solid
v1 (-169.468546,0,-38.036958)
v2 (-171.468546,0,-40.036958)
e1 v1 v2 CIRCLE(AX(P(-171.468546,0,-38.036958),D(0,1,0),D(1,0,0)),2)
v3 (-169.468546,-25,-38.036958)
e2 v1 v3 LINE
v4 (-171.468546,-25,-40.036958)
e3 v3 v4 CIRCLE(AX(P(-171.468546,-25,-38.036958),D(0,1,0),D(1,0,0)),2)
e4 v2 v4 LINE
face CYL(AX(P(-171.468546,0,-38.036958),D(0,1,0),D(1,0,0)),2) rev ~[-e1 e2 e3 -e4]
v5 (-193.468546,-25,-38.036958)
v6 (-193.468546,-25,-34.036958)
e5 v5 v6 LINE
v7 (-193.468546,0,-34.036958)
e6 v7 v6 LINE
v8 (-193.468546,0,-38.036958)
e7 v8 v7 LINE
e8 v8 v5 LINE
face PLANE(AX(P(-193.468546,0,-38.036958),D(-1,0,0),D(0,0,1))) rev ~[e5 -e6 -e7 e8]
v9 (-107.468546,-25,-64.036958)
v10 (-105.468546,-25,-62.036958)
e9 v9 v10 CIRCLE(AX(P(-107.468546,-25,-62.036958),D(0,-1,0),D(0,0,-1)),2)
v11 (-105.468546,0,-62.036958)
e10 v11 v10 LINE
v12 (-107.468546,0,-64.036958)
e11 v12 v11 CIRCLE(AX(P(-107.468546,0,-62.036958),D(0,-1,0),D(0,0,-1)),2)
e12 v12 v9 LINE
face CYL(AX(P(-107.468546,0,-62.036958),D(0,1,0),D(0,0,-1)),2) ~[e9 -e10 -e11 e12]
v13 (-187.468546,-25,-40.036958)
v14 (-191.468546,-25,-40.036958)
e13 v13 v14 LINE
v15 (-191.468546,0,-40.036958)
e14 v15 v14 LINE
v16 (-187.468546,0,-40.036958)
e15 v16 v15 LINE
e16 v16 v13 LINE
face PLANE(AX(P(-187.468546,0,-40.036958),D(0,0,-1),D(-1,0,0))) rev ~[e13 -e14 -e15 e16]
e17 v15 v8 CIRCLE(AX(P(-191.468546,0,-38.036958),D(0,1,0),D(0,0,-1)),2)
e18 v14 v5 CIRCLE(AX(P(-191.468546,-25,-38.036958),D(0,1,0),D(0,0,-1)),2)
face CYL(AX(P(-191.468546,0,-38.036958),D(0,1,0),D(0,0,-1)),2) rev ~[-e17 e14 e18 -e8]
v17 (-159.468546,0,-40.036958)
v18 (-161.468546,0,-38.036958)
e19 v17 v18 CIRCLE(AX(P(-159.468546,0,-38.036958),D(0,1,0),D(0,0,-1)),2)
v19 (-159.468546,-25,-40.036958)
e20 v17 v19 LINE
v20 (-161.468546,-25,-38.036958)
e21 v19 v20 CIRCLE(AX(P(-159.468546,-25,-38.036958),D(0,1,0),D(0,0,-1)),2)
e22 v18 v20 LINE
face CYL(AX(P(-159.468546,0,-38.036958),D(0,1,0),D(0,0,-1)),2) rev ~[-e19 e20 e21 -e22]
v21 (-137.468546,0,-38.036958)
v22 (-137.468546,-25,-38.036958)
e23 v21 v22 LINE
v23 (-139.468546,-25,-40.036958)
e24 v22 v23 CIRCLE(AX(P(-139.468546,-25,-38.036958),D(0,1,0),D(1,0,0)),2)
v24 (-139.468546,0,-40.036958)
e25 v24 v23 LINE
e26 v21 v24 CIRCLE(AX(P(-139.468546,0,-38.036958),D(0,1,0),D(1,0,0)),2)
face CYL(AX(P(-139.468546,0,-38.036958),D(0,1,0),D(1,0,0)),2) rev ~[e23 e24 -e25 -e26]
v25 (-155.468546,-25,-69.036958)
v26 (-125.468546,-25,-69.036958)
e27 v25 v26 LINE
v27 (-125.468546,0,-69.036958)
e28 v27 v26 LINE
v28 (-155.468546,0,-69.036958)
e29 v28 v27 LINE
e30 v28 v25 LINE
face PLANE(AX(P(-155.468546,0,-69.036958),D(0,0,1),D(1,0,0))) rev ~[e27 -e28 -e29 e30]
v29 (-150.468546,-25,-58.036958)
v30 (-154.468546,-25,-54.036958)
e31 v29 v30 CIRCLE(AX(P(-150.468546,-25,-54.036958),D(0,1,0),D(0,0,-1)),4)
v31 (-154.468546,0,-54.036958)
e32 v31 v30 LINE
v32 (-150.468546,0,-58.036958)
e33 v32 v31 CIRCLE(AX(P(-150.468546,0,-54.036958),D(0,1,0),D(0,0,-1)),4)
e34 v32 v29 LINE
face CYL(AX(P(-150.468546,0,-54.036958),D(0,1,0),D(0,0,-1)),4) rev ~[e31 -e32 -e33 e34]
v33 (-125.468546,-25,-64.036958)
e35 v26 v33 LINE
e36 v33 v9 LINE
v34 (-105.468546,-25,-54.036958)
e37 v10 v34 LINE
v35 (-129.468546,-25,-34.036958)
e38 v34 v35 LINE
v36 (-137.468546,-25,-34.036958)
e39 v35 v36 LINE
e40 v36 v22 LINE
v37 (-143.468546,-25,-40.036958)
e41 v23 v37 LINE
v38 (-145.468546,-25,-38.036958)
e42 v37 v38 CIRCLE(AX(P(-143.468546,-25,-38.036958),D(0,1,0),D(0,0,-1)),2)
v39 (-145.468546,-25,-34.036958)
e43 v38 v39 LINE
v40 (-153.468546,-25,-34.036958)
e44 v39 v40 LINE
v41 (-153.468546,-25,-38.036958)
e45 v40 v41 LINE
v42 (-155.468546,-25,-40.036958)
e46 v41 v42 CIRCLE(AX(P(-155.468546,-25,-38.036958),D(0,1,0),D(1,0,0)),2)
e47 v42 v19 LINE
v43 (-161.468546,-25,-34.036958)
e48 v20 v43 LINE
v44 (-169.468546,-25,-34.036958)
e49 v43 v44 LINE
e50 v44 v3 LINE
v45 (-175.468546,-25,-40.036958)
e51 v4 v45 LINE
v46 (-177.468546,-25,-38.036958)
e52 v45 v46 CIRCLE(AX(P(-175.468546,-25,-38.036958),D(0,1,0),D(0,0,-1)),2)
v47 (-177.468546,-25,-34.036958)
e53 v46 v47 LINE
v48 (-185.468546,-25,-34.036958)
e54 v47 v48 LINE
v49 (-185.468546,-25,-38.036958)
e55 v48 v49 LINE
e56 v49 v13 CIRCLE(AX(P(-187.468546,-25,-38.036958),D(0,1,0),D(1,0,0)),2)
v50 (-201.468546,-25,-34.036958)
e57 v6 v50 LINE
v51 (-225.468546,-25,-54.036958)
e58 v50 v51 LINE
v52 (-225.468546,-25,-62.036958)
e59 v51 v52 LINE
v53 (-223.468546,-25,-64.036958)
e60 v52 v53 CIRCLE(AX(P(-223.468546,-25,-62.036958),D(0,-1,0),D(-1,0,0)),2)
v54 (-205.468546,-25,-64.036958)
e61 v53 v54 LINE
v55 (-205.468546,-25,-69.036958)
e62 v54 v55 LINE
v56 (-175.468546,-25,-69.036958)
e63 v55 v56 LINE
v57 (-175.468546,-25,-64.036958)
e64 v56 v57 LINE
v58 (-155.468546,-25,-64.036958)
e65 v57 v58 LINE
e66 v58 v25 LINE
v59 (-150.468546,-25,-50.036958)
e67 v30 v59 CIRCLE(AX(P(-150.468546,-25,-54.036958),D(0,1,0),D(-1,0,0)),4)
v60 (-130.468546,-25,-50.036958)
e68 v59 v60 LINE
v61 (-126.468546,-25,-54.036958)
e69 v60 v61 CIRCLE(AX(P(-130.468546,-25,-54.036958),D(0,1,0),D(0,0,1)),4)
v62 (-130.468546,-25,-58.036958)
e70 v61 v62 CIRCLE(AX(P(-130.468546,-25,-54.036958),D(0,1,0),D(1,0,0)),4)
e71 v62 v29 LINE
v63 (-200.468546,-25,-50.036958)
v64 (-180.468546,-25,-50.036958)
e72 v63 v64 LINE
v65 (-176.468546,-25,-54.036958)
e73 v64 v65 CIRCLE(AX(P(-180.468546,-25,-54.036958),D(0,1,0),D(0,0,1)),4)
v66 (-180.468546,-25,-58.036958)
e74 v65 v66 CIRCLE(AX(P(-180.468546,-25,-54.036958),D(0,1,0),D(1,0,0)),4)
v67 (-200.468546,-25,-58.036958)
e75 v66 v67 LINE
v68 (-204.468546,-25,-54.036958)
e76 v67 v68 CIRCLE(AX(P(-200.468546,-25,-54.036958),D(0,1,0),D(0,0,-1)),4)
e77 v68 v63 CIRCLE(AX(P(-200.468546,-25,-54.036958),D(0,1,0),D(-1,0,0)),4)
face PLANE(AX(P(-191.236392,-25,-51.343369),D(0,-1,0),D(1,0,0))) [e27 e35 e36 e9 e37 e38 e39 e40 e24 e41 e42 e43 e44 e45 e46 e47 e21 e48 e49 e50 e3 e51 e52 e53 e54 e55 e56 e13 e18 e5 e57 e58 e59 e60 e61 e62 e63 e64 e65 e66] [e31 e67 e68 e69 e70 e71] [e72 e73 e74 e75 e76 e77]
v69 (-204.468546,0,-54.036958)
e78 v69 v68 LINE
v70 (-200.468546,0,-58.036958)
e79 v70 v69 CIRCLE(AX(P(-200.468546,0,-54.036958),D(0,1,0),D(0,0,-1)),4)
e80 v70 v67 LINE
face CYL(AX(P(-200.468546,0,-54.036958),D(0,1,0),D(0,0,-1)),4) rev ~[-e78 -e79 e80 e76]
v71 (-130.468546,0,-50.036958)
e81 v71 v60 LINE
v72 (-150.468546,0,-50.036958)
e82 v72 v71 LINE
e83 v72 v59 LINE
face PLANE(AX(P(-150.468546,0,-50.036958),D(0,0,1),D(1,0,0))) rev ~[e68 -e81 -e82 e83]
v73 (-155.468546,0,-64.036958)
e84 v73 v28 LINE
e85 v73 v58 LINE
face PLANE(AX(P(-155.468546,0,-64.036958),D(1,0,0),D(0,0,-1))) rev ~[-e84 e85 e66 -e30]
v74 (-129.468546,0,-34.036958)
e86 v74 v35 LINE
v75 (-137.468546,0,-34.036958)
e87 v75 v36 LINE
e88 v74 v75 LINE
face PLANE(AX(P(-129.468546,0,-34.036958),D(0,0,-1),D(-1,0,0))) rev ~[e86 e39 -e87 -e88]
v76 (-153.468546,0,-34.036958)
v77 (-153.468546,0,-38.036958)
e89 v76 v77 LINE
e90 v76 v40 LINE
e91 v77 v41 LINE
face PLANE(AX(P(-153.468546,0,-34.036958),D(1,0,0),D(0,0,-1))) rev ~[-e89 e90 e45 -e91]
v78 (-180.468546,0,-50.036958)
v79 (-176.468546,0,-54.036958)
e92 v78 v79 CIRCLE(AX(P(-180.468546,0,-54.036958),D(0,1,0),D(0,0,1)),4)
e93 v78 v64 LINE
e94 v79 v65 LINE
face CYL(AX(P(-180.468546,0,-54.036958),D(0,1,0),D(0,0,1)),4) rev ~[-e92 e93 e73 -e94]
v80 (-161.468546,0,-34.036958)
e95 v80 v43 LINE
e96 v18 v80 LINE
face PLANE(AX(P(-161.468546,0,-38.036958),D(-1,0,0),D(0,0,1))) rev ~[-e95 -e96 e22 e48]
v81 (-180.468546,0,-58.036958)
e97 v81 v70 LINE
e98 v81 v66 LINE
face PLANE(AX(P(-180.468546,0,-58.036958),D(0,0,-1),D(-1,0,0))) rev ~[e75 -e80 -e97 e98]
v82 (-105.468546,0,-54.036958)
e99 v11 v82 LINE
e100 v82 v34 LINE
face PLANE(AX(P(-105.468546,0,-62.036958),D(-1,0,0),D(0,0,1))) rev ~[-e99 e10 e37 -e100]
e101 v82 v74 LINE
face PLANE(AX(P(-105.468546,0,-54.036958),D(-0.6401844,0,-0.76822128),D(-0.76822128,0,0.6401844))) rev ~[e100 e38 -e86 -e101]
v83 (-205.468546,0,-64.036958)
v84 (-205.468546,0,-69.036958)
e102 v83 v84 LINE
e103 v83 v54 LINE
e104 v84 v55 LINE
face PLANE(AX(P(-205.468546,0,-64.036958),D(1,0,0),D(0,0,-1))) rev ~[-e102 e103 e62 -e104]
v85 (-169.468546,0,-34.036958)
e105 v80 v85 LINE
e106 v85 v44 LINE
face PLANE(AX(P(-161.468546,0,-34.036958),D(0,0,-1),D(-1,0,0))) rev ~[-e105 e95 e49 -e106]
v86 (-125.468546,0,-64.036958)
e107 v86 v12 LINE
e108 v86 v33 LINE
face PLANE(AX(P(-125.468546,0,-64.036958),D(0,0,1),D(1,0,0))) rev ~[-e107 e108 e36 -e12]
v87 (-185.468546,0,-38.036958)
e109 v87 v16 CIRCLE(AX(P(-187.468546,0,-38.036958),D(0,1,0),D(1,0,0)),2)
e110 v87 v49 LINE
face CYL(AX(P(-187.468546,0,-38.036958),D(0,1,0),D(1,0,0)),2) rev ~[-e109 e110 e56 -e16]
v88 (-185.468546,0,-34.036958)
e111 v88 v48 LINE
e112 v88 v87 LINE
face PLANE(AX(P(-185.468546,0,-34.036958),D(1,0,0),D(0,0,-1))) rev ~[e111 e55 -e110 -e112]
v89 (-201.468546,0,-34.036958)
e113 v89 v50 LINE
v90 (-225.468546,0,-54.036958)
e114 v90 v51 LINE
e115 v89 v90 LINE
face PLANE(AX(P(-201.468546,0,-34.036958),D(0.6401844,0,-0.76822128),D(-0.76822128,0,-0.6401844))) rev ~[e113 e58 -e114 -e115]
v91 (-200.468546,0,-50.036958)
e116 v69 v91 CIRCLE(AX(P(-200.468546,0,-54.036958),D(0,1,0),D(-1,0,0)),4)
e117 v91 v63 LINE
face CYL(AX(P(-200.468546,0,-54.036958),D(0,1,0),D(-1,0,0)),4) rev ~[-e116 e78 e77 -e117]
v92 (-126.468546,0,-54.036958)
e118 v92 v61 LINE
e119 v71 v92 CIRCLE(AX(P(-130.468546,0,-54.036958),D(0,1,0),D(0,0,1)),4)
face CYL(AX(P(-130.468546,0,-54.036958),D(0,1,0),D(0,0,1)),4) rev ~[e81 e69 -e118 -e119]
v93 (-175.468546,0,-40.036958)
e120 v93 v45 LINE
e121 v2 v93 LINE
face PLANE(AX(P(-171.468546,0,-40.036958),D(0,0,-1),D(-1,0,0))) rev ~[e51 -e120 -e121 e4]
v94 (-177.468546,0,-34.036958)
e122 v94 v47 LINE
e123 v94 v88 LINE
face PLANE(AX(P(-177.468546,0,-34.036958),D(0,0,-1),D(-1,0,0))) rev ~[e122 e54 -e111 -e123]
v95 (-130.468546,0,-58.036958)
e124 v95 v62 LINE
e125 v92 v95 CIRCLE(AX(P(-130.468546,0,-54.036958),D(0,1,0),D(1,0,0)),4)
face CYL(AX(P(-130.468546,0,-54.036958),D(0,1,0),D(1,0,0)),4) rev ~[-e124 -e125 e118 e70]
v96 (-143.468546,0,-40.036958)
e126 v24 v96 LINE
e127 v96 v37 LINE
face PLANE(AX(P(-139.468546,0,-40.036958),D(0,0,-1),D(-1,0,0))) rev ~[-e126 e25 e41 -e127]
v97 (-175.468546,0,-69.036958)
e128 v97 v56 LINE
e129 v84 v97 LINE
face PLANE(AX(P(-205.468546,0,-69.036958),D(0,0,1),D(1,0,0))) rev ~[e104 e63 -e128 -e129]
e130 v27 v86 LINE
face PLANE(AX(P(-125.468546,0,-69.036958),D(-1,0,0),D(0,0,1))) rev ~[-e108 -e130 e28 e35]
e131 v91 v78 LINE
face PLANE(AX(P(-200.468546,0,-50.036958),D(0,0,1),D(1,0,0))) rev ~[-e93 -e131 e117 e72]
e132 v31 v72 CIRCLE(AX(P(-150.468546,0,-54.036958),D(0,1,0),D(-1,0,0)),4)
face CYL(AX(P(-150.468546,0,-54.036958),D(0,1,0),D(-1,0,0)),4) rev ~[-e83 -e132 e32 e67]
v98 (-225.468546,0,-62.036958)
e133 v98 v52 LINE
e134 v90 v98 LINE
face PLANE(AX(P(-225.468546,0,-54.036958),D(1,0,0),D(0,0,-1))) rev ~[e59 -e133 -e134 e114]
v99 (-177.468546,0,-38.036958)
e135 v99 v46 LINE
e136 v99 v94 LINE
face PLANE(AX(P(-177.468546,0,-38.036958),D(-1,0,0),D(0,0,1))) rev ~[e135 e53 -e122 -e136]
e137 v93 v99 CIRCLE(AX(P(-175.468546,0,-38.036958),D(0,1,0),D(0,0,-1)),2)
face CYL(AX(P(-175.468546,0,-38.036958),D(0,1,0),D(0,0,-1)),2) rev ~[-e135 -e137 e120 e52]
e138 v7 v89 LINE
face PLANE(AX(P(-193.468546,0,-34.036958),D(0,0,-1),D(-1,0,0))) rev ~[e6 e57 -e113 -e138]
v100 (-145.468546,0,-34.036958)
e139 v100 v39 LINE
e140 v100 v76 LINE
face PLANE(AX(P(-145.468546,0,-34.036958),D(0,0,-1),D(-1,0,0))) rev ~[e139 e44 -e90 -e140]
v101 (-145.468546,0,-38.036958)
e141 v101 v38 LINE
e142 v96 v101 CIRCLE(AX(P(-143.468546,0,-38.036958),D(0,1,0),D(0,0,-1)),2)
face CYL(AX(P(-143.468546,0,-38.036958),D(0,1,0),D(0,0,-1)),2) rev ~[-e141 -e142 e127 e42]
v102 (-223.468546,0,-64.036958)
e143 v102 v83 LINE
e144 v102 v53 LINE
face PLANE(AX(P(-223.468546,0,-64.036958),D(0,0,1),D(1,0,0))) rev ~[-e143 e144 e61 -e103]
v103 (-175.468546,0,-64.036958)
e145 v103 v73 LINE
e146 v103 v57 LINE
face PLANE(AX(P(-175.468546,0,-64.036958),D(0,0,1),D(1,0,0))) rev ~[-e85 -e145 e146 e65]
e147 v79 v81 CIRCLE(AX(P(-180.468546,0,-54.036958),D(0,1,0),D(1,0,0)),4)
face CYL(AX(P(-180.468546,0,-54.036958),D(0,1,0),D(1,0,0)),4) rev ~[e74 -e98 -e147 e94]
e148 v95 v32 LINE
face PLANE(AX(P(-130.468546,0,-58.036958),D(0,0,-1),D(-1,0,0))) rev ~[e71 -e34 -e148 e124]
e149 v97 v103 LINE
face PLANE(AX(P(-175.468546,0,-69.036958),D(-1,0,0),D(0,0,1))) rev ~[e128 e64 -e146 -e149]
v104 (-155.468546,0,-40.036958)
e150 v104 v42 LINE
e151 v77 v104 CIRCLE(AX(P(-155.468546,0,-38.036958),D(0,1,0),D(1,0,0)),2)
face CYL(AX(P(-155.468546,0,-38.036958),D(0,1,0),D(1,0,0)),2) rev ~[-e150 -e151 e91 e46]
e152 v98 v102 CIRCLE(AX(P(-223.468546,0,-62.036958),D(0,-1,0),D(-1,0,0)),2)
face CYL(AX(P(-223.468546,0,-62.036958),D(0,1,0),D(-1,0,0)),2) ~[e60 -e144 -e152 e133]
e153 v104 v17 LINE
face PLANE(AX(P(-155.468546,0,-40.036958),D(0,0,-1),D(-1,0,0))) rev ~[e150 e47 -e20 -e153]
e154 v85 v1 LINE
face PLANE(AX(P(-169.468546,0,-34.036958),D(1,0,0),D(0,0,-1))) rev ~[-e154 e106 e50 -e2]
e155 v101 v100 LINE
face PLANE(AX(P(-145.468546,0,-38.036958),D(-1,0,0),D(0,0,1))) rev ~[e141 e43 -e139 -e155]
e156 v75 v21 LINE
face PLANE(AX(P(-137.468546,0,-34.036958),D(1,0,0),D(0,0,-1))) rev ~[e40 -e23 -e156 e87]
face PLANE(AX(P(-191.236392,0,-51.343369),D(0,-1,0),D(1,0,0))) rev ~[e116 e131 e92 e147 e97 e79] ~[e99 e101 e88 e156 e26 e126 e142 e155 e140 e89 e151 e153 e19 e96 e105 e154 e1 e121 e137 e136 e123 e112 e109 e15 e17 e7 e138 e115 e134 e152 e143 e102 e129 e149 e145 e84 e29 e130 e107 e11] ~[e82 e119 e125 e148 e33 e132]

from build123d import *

# Parameters (mm, degrees)
F1_DEPTH = 25


with BuildPart() as f1:
    # F0 (on Front) → F1 (new body)
    with BuildSketch(Plane.XZ):
        with BuildLine():
            ThreePointArc((-225.4685461521, -62.0369579196), (-224.8827597145, -63.451171482), (-223.4685461521, -64.0369579196))
            Line((-223.4685461521, -64.0369579196), (-205.4685461521, -64.0369579196))
            Line((-205.4685461521, -64.0369579196), (-205.4685461521, -69.0369579196))
            Line((-205.4685461521, -69.0369579196), (-175.4685461521, -69.0369579196))
            Line((-175.4685461521, -69.0369579196), (-175.4685461521, -64.0369579196))
            Line((-175.4685461521, -64.0369579196), (-165.4685461521, -64.0369579196))
            Line((-165.4685461521, -64.0369579196), (-165.4685461521, -54.0369579196))
            Line((-165.4685461521, -54.0369579196), (-165.4685461521, -34.0369579196))
            Line((-165.4685461521, -34.0369579196), (-169.4685461521, -34.0369579196))
            Line((-169.4685461521, -34.0369579196), (-169.4685461521, -38.0369579196))
            ThreePointArc((-169.4685461521, -38.0369579196), (-170.0543325897, -39.451171482), (-171.4685461521, -40.0369579196))
            Line((-171.4685461521, -40.0369579196), (-175.4685461521, -40.0369579196))
            ThreePointArc((-175.4685461521, -40.0369579196), (-176.8827597145, -39.451171482), (-177.4685461521, -38.0369579196))
            Line((-177.4685461521, -38.0369579196), (-177.4685461521, -34.0369579196))
            Line((-177.4685461521, -34.0369579196), (-185.4685461521, -34.0369579196))
            Line((-185.4685461521, -34.0369579196), (-185.4685461521, -38.0369579196))
            ThreePointArc((-185.4685461521, -38.0369579196), (-186.0543325897, -39.451171482), (-187.4685461521, -40.0369579196))
            Line((-187.4685461521, -40.0369579196), (-191.4685461521, -40.0369579196))
            ThreePointArc((-191.4685461521, -40.0369579196), (-192.8827597145, -39.451171482), (-193.4685461521, -38.0369579196))
            Line((-193.4685461521, -38.0369579196), (-193.4685461521, -34.0369579196))
            Line((-193.4685461521, -34.0369579196), (-201.4685461521, -34.0369579196))
            Line((-201.4685461521, -34.0369579196), (-225.4685461521, -54.0369579196))
            Line((-225.4685461521, -54.0369579196), (-225.4685461521, -62.0369579196))
        make_face()
        with BuildLine():
            ThreePointArc((-180.4685461521, -50.0369579196), (-177.6401190274, -51.2085307949), (-176.4685461521, -54.0369579196))
            ThreePointArc((-176.4685461521, -54.0369579196), (-177.6401190274, -56.8653850443), (-180.4685461521, -58.0369579196))
            Line((-180.4685461521, -58.0369579196), (-200.4685461521, -58.0369579196))
            ThreePointArc((-200.4685461521, -58.0369579196), (-203.2969732769, -56.8653850443), (-204.4685461521, -54.0369579196))
            ThreePointArc((-204.4685461521, -54.0369579196), (-203.2969732769, -51.2085307949), (-200.4685461521, -50.0369579196))
            Line((-200.4685461521, -50.0369579196), (-180.4685461521, -50.0369579196))
        make_face(mode=Mode.SUBTRACT)
        with BuildLine():
            Line((-165.4685461521, -34.0369579196), (-165.4685461521, -54.0369579196))
            Line((-165.4685461521, -54.0369579196), (-154.4685461521, -54.0369579196))
            ThreePointArc((-154.4685461521, -54.0369579196), (-153.2969732769, -51.2085307949), (-150.4685461521, -50.0369579196))
            Line((-150.4685461521, -50.0369579196), (-130.4685461521, -50.0369579196))
            ThreePointArc((-130.4685461521, -50.0369579196), (-127.6401190274, -51.2085307949), (-126.4685461521, -54.0369579196))
            ThreePointArc((-126.4685461521, -54.0369579196), (-127.6401190274, -56.8653850443), (-130.4685461521, -58.0369579196))
            Line((-130.4685461521, -58.0369579196), (-140.4685461521, -58.0369579196))
            Line((-140.4685461521, -58.0369579196), (-140.4685461521, -69.0369579196))
            Line((-140.4685461521, -69.0369579196), (-125.4685461521, -69.0369579196))
            Line((-125.4685461521, -69.0369579196), (-125.4685461521, -64.0369579196))
            Line((-125.4685461521, -64.0369579196), (-107.4685461521, -64.0369579196))
            ThreePointArc((-107.4685461521, -64.0369579196), (-106.0543325897, -63.451171482), (-105.4685461521, -62.0369579196))
            Line((-105.4685461521, -62.0369579196), (-105.4685461521, -54.0369579196))
            Line((-105.4685461521, -54.0369579196), (-129.4685461521, -34.0369579196))
            Line((-129.4685461521, -34.0369579196), (-137.4685461521, -34.0369579196))
            Line((-137.4685461521, -34.0369579196), (-137.4685461521, -38.0369579196))
            ThreePointArc((-137.4685461521, -38.0369579196), (-138.0543325897, -39.451171482), (-139.4685461521, -40.0369579196))
            Line((-139.4685461521, -40.0369579196), (-143.4685461521, -40.0369579196))
            ThreePointArc((-143.4685461521, -40.0369579196), (-144.8827597145, -39.451171482), (-145.4685461521, -38.0369579196))
            Line((-145.4685461521, -38.0369579196), (-145.4685461521, -34.0369579196))
            Line((-145.4685461521, -34.0369579196), (-153.4685461521, -34.0369579196))
            Line((-153.4685461521, -34.0369579196), (-153.4685461521, -38.0369579196))
            ThreePointArc((-153.4685461521, -38.0369579196), (-154.0543325897, -39.451171482), (-155.4685461521, -40.0369579196))
            Line((-155.4685461521, -40.0369579196), (-159.4685461521, -40.0369579196))
            ThreePointArc((-159.4685461521, -40.0369579196), (-160.8827597145, -39.451171482), (-161.4685461521, -38.0369579196))
            Line((-161.4685461521, -38.0369579196), (-161.4685461521, -34.0369579196))
            Line((-161.4685461521, -34.0369579196), (-165.4685461521, -34.0369579196))
        make_face()
        with BuildLine():
            Line((-165.4685461521, -54.0369579196), (-165.4685461521, -64.0369579196))
            Line((-165.4685461521, -64.0369579196), (-155.4685461521, -64.0369579196))
            Line((-155.4685461521, -64.0369579196), (-155.4685461521, -69.0369579196))
            Line((-155.4685461521, -69.0369579196), (-140.4685461521, -69.0369579196))
            Line((-140.4685461521, -69.0369579196), (-140.4685461521, -58.0369579196))
            Line((-140.4685461521, -58.0369579196), (-150.4685461521, -58.0369579196))
            ThreePointArc((-150.4685461521, -58.0369579196), (-153.2969732769, -56.8653850443), (-154.4685461521, -54.0369579196))
            Line((-154.4685461521, -54.0369579196), (-165.4685461521, -54.0369579196))
        make_face()
    extrude(amount=F1_DEPTH)


solid = f1.part
